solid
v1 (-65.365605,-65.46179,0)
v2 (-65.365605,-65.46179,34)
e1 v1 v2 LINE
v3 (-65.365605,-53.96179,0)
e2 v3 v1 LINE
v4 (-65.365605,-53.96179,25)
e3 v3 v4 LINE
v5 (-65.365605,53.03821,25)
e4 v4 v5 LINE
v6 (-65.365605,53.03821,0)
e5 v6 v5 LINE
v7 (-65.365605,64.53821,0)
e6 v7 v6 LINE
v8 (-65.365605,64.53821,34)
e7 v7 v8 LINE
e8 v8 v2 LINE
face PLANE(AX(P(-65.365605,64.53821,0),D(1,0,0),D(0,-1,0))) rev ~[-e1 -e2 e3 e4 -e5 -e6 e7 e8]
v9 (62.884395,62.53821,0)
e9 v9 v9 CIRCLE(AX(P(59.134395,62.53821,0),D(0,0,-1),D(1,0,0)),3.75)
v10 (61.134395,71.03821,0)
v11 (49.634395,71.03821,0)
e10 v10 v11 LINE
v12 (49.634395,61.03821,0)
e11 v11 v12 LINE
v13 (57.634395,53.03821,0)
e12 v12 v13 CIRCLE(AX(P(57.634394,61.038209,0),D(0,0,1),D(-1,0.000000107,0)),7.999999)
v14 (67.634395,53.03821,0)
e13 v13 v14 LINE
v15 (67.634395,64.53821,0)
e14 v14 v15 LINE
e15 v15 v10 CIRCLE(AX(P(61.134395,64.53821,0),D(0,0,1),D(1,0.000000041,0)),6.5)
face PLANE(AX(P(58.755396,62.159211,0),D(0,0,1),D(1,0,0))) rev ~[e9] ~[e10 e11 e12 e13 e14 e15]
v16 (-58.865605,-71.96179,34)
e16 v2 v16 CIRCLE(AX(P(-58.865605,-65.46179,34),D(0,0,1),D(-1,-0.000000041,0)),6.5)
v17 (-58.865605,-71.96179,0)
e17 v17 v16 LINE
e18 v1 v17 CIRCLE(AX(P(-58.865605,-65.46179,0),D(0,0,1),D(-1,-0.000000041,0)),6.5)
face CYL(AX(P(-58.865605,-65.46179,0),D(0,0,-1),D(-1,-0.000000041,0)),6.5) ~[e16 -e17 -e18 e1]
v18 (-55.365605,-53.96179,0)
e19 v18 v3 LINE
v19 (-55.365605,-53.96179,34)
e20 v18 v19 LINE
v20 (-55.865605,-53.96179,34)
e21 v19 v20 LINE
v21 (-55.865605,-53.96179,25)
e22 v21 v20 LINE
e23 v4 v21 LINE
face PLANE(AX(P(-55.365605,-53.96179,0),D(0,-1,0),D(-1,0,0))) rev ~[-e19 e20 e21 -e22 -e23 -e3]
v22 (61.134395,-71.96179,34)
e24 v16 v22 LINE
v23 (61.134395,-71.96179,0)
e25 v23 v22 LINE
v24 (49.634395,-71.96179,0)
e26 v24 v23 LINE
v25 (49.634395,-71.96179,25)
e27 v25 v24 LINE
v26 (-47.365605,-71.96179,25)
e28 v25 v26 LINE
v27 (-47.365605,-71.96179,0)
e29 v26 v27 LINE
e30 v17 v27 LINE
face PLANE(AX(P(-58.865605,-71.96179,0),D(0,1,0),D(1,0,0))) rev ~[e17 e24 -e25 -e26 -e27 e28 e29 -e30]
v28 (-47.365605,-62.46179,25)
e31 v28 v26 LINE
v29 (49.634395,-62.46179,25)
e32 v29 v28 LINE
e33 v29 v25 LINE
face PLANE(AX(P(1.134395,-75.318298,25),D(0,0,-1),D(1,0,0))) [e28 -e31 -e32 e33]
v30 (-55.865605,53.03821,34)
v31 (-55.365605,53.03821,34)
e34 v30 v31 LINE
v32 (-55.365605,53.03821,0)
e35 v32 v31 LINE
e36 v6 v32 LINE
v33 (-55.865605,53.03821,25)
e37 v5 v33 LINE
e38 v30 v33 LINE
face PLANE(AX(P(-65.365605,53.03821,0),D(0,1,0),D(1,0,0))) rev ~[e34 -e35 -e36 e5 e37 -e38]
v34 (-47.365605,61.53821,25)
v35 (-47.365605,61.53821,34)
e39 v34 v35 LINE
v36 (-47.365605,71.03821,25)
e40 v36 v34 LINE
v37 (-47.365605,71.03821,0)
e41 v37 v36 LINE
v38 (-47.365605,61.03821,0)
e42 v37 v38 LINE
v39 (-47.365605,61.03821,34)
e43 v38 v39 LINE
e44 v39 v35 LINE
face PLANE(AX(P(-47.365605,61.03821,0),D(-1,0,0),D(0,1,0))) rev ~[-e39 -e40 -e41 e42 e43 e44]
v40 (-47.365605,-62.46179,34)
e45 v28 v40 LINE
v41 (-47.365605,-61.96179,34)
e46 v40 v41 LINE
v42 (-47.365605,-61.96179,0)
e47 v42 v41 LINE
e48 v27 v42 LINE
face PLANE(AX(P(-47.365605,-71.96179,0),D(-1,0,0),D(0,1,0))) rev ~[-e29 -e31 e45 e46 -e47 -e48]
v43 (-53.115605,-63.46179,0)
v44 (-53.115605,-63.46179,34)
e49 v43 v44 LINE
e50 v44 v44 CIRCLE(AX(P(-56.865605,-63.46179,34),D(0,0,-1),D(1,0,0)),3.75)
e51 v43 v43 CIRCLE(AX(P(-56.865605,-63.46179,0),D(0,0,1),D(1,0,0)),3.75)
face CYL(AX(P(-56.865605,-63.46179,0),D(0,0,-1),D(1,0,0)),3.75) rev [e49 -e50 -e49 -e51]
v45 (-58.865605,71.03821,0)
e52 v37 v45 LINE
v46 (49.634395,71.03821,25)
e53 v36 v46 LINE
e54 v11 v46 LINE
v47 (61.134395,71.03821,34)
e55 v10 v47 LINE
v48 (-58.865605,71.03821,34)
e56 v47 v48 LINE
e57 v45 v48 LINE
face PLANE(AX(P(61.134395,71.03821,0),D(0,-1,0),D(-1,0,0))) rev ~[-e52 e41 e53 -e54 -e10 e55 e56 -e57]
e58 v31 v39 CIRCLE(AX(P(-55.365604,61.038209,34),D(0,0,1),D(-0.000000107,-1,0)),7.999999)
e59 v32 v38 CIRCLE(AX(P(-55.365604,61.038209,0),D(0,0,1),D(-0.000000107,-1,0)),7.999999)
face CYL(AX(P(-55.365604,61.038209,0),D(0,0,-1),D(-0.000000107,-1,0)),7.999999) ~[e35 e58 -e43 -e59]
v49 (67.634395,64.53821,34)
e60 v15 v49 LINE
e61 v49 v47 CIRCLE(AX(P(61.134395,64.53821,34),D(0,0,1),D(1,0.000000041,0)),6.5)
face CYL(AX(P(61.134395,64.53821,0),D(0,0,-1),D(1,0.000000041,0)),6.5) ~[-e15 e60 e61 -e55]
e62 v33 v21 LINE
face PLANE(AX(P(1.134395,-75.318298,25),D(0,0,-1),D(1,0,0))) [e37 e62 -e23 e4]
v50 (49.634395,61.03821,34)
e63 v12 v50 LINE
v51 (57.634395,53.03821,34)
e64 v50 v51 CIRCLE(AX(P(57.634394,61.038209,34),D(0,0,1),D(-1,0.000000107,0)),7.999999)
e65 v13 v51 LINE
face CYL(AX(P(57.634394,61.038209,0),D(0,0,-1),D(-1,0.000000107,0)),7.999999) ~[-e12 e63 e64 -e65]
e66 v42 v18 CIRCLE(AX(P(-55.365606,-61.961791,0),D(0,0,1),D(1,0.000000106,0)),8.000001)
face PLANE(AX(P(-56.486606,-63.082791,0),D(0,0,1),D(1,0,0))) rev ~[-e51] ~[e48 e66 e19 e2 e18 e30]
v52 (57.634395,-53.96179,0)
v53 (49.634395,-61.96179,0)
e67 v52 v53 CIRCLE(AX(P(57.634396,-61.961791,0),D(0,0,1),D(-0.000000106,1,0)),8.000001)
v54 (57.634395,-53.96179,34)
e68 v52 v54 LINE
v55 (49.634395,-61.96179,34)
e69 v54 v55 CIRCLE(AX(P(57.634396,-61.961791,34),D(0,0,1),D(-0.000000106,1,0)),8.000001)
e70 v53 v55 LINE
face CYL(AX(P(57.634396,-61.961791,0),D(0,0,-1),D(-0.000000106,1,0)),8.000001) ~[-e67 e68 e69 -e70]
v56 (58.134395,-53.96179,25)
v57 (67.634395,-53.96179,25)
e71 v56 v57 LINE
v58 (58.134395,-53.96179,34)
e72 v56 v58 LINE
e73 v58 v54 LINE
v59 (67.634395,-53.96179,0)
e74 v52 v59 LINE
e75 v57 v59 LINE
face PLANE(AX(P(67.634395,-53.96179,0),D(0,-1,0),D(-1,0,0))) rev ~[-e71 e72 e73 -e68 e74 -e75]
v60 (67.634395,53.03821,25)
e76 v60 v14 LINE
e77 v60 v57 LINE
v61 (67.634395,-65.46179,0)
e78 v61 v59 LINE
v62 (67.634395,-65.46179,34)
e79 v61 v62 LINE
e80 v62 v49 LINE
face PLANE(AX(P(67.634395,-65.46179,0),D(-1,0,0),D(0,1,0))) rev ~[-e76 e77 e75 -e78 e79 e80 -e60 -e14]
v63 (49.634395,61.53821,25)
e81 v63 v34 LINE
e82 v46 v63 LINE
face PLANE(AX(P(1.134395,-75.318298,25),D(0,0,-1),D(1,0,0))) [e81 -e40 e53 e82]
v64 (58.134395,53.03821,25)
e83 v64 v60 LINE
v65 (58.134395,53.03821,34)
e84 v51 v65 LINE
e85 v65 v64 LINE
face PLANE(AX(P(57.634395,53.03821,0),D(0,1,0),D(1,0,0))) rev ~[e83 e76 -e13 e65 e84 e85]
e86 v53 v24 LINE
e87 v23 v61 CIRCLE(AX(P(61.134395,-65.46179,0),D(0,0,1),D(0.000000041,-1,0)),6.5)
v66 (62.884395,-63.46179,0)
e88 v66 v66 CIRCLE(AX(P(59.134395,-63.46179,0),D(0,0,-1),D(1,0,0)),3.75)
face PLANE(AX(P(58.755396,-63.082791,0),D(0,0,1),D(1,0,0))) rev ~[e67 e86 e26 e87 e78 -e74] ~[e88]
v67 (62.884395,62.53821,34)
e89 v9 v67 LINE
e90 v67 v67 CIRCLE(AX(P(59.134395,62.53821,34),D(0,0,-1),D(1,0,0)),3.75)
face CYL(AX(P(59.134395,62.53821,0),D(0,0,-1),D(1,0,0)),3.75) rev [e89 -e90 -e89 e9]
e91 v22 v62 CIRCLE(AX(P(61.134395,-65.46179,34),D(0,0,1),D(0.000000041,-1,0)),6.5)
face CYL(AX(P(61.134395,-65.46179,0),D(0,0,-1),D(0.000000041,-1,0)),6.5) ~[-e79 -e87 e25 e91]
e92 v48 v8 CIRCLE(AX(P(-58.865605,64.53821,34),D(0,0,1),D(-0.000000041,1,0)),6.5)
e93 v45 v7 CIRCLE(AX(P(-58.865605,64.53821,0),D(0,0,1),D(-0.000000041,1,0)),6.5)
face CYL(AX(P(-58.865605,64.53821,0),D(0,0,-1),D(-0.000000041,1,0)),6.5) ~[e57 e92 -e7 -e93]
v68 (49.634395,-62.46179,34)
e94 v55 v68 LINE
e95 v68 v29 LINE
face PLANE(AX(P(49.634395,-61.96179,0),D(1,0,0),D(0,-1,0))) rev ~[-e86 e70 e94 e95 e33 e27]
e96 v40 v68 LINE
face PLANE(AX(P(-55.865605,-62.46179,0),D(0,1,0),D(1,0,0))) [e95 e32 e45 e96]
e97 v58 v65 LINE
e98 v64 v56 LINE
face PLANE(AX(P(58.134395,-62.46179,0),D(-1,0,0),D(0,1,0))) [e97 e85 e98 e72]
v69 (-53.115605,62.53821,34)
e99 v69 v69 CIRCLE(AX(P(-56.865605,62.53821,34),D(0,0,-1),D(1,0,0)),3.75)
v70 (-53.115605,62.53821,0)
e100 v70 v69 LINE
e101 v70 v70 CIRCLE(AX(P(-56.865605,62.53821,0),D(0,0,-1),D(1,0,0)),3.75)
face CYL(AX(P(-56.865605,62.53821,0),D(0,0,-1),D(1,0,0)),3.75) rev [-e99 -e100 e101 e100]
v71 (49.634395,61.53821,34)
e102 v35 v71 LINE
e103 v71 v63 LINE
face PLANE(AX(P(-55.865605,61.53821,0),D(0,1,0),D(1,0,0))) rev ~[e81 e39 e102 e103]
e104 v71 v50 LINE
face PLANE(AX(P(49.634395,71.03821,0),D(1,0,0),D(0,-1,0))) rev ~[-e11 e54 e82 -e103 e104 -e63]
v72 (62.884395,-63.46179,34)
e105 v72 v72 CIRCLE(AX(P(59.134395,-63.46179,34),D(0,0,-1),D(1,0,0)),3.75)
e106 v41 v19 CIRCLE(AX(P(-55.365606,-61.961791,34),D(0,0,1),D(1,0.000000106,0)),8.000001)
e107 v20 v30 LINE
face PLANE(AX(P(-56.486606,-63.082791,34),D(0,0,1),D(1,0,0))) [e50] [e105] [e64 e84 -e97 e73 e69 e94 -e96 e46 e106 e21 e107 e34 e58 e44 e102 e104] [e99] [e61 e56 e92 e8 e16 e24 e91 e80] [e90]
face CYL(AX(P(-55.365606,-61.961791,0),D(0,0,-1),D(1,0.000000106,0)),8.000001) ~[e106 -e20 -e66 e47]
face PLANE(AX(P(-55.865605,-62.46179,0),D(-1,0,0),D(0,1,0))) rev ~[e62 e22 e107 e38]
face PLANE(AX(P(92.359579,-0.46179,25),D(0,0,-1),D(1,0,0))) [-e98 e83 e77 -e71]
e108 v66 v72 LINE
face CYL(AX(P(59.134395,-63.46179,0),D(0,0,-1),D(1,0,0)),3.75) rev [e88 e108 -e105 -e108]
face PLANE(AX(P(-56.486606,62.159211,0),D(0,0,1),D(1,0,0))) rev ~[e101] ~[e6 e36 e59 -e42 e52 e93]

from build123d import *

# Parameters (mm, degrees)
F0_W     = 114
F0_H     = 124
F1_DEPTH = 34
F2_W     = 97
F2_H     = 42.713016
F2_W_2   = 43.496885
F2_H_2   = 107
F2_W_3   = 85.450368
F2_H_3   = 43.636596
F3_DEPTH = 25
F4_R     = 3.75
F5_DEPTH = 34
F6_DEPTH = 34


with BuildPart() as f1:
    # F0 (on Top) → F1 (new body)
    with BuildSketch(Plane.XY):
        with BuildLine():
            ThreePointArc((-65.365605, -65.46179), (-63.461799, -70.057984), (-58.865605, -71.96179))
            Line((-58.865605, -71.96179), (61.134395, -71.96179))
            ThreePointArc((61.134395, -71.96179), (65.730589, -70.057984), (67.634395, -65.46179))
            Line((67.634395, -65.46179), (67.634395, 64.53821))
            ThreePointArc((67.634395, 64.53821), (65.730589, 69.134404), (61.134395, 71.03821))
            Line((61.134395, 71.03821), (-58.865605, 71.03821))
            ThreePointArc((-58.865605, 71.03821), (-63.461799, 69.134404), (-65.365605, 64.53821))
            Line((-65.365605, 64.53821), (-65.365605, -65.46179))
        make_face()
        with Locations((1.134395, -0.46179)):
            Rectangle(F0_W, F0_H, mode=Mode.SUBTRACT)
    extrude(amount=F1_DEPTH)

    # F2 (on face) → F3 (cut)
    with BuildSketch(Plane(origin=(0, 0, 0), x_dir=(1, 0, 0), z_dir=(0, 0, -1))):
        with Locations((1.134395, 75.318298)):
            Rectangle(F2_W, F2_H)
        with Locations((-69.114047, 0.46179)):
            Rectangle(F2_W_2, F2_H_2)
        with Locations((92.359579, 0.46179)):
            Rectangle(F2_W_3, F2_H_2)
        with Locations((1.134395, -74.856508)):
            Rectangle(F2_W, F2_H_3)
    extrude(amount=-F3_DEPTH, mode=Mode.SUBTRACT)

    # F4 (on Top) → F5 (join)
    with BuildSketch(Plane.XY):
        with BuildLine():
            ThreePointArc((-47.365605, -61.96179), (-49.708751, -56.304936), (-55.365605, -53.96179))
            Line((-55.365605, -53.96179), (-65.365605, -53.96179))
            Line((-65.365605, -53.96179), (-65.365605, -65.46179))
            ThreePointArc((-65.365605, -65.46179), (-63.461799, -70.057984), (-58.865605, -71.96179))
            Line((-58.865605, -71.96179), (-47.365605, -71.96179))
            Line((-47.365605, -71.96179), (-47.365605, -61.96179))
        make_face()
        with Locations((-56.865605, -63.46179)):
            Circle(F4_R, mode=Mode.SUBTRACT)
        with BuildLine():
            ThreePointArc((57.634395, -53.96179), (51.977541, -56.304936), (49.634395, -61.96179))
            Line((49.634395, -61.96179), (49.634395, -71.96179))
            Line((49.634395, -71.96179), (61.134395, -71.96179))
            ThreePointArc((61.134395, -71.96179), (65.730589, -70.057984), (67.634395, -65.46179))
            Line((67.634395, -65.46179), (67.634395, -53.96179))
            Line((67.634395, -53.96179), (57.634395, -53.96179))
        make_face()
        with Locations((59.134395, -63.46179)):
            Circle(F4_R, mode=Mode.SUBTRACT)
        with BuildLine():
            Line((57.634395, 53.03821), (67.634395, 53.03821))
            Line((67.634395, 53.03821), (67.634395, 64.53821))
            ThreePointArc((67.634395, 64.53821), (65.730589, 69.134404), (61.134395, 71.03821))
            Line((61.134395, 71.03821), (49.634395, 71.03821))
            Line((49.634395, 71.03821), (49.634395, 61.03821))
            ThreePointArc((49.634395, 61.03821), (51.977541, 55.381355), (57.634395, 53.03821))
        make_face()
        with Locations((59.134395, 62.53821)):
            Circle(F4_R, mode=Mode.SUBTRACT)
        with BuildLine():
            Line((-65.365605, 53.03821), (-55.365605, 53.03821))
            ThreePointArc((-55.365605, 53.03821), (-49.708751, 55.381355), (-47.365605, 61.03821))
            Line((-47.365605, 61.03821), (-47.365605, 71.03821))
            Line((-47.365605, 71.03821), (-58.865605, 71.03821))
            ThreePointArc((-58.865605, 71.03821), (-63.461799, 69.134404), (-65.365605, 64.53821))
            Line((-65.365605, 64.53821), (-65.365605, 53.03821))
        make_face()
        with Locations((-56.865605, 62.53821)):
            Circle(F4_R, mode=Mode.SUBTRACT)
    extrude(amount=F5_DEPTH)

    # F4 (on Top) → F6 (cut)
    with BuildSketch(Plane.XY):
        with Locations((-56.865605, -63.46179)):
            Circle(F4_R)
        with Locations((59.134395, -63.46179)):
            Circle(F4_R)
        with Locations((59.134395, 62.53821)):
            Circle(F4_R)
        with Locations((-56.865605, 62.53821)):
            Circle(F4_R)
    extrude(amount=F6_DEPTH, mode=Mode.SUBTRACT)


solid = f1.part
